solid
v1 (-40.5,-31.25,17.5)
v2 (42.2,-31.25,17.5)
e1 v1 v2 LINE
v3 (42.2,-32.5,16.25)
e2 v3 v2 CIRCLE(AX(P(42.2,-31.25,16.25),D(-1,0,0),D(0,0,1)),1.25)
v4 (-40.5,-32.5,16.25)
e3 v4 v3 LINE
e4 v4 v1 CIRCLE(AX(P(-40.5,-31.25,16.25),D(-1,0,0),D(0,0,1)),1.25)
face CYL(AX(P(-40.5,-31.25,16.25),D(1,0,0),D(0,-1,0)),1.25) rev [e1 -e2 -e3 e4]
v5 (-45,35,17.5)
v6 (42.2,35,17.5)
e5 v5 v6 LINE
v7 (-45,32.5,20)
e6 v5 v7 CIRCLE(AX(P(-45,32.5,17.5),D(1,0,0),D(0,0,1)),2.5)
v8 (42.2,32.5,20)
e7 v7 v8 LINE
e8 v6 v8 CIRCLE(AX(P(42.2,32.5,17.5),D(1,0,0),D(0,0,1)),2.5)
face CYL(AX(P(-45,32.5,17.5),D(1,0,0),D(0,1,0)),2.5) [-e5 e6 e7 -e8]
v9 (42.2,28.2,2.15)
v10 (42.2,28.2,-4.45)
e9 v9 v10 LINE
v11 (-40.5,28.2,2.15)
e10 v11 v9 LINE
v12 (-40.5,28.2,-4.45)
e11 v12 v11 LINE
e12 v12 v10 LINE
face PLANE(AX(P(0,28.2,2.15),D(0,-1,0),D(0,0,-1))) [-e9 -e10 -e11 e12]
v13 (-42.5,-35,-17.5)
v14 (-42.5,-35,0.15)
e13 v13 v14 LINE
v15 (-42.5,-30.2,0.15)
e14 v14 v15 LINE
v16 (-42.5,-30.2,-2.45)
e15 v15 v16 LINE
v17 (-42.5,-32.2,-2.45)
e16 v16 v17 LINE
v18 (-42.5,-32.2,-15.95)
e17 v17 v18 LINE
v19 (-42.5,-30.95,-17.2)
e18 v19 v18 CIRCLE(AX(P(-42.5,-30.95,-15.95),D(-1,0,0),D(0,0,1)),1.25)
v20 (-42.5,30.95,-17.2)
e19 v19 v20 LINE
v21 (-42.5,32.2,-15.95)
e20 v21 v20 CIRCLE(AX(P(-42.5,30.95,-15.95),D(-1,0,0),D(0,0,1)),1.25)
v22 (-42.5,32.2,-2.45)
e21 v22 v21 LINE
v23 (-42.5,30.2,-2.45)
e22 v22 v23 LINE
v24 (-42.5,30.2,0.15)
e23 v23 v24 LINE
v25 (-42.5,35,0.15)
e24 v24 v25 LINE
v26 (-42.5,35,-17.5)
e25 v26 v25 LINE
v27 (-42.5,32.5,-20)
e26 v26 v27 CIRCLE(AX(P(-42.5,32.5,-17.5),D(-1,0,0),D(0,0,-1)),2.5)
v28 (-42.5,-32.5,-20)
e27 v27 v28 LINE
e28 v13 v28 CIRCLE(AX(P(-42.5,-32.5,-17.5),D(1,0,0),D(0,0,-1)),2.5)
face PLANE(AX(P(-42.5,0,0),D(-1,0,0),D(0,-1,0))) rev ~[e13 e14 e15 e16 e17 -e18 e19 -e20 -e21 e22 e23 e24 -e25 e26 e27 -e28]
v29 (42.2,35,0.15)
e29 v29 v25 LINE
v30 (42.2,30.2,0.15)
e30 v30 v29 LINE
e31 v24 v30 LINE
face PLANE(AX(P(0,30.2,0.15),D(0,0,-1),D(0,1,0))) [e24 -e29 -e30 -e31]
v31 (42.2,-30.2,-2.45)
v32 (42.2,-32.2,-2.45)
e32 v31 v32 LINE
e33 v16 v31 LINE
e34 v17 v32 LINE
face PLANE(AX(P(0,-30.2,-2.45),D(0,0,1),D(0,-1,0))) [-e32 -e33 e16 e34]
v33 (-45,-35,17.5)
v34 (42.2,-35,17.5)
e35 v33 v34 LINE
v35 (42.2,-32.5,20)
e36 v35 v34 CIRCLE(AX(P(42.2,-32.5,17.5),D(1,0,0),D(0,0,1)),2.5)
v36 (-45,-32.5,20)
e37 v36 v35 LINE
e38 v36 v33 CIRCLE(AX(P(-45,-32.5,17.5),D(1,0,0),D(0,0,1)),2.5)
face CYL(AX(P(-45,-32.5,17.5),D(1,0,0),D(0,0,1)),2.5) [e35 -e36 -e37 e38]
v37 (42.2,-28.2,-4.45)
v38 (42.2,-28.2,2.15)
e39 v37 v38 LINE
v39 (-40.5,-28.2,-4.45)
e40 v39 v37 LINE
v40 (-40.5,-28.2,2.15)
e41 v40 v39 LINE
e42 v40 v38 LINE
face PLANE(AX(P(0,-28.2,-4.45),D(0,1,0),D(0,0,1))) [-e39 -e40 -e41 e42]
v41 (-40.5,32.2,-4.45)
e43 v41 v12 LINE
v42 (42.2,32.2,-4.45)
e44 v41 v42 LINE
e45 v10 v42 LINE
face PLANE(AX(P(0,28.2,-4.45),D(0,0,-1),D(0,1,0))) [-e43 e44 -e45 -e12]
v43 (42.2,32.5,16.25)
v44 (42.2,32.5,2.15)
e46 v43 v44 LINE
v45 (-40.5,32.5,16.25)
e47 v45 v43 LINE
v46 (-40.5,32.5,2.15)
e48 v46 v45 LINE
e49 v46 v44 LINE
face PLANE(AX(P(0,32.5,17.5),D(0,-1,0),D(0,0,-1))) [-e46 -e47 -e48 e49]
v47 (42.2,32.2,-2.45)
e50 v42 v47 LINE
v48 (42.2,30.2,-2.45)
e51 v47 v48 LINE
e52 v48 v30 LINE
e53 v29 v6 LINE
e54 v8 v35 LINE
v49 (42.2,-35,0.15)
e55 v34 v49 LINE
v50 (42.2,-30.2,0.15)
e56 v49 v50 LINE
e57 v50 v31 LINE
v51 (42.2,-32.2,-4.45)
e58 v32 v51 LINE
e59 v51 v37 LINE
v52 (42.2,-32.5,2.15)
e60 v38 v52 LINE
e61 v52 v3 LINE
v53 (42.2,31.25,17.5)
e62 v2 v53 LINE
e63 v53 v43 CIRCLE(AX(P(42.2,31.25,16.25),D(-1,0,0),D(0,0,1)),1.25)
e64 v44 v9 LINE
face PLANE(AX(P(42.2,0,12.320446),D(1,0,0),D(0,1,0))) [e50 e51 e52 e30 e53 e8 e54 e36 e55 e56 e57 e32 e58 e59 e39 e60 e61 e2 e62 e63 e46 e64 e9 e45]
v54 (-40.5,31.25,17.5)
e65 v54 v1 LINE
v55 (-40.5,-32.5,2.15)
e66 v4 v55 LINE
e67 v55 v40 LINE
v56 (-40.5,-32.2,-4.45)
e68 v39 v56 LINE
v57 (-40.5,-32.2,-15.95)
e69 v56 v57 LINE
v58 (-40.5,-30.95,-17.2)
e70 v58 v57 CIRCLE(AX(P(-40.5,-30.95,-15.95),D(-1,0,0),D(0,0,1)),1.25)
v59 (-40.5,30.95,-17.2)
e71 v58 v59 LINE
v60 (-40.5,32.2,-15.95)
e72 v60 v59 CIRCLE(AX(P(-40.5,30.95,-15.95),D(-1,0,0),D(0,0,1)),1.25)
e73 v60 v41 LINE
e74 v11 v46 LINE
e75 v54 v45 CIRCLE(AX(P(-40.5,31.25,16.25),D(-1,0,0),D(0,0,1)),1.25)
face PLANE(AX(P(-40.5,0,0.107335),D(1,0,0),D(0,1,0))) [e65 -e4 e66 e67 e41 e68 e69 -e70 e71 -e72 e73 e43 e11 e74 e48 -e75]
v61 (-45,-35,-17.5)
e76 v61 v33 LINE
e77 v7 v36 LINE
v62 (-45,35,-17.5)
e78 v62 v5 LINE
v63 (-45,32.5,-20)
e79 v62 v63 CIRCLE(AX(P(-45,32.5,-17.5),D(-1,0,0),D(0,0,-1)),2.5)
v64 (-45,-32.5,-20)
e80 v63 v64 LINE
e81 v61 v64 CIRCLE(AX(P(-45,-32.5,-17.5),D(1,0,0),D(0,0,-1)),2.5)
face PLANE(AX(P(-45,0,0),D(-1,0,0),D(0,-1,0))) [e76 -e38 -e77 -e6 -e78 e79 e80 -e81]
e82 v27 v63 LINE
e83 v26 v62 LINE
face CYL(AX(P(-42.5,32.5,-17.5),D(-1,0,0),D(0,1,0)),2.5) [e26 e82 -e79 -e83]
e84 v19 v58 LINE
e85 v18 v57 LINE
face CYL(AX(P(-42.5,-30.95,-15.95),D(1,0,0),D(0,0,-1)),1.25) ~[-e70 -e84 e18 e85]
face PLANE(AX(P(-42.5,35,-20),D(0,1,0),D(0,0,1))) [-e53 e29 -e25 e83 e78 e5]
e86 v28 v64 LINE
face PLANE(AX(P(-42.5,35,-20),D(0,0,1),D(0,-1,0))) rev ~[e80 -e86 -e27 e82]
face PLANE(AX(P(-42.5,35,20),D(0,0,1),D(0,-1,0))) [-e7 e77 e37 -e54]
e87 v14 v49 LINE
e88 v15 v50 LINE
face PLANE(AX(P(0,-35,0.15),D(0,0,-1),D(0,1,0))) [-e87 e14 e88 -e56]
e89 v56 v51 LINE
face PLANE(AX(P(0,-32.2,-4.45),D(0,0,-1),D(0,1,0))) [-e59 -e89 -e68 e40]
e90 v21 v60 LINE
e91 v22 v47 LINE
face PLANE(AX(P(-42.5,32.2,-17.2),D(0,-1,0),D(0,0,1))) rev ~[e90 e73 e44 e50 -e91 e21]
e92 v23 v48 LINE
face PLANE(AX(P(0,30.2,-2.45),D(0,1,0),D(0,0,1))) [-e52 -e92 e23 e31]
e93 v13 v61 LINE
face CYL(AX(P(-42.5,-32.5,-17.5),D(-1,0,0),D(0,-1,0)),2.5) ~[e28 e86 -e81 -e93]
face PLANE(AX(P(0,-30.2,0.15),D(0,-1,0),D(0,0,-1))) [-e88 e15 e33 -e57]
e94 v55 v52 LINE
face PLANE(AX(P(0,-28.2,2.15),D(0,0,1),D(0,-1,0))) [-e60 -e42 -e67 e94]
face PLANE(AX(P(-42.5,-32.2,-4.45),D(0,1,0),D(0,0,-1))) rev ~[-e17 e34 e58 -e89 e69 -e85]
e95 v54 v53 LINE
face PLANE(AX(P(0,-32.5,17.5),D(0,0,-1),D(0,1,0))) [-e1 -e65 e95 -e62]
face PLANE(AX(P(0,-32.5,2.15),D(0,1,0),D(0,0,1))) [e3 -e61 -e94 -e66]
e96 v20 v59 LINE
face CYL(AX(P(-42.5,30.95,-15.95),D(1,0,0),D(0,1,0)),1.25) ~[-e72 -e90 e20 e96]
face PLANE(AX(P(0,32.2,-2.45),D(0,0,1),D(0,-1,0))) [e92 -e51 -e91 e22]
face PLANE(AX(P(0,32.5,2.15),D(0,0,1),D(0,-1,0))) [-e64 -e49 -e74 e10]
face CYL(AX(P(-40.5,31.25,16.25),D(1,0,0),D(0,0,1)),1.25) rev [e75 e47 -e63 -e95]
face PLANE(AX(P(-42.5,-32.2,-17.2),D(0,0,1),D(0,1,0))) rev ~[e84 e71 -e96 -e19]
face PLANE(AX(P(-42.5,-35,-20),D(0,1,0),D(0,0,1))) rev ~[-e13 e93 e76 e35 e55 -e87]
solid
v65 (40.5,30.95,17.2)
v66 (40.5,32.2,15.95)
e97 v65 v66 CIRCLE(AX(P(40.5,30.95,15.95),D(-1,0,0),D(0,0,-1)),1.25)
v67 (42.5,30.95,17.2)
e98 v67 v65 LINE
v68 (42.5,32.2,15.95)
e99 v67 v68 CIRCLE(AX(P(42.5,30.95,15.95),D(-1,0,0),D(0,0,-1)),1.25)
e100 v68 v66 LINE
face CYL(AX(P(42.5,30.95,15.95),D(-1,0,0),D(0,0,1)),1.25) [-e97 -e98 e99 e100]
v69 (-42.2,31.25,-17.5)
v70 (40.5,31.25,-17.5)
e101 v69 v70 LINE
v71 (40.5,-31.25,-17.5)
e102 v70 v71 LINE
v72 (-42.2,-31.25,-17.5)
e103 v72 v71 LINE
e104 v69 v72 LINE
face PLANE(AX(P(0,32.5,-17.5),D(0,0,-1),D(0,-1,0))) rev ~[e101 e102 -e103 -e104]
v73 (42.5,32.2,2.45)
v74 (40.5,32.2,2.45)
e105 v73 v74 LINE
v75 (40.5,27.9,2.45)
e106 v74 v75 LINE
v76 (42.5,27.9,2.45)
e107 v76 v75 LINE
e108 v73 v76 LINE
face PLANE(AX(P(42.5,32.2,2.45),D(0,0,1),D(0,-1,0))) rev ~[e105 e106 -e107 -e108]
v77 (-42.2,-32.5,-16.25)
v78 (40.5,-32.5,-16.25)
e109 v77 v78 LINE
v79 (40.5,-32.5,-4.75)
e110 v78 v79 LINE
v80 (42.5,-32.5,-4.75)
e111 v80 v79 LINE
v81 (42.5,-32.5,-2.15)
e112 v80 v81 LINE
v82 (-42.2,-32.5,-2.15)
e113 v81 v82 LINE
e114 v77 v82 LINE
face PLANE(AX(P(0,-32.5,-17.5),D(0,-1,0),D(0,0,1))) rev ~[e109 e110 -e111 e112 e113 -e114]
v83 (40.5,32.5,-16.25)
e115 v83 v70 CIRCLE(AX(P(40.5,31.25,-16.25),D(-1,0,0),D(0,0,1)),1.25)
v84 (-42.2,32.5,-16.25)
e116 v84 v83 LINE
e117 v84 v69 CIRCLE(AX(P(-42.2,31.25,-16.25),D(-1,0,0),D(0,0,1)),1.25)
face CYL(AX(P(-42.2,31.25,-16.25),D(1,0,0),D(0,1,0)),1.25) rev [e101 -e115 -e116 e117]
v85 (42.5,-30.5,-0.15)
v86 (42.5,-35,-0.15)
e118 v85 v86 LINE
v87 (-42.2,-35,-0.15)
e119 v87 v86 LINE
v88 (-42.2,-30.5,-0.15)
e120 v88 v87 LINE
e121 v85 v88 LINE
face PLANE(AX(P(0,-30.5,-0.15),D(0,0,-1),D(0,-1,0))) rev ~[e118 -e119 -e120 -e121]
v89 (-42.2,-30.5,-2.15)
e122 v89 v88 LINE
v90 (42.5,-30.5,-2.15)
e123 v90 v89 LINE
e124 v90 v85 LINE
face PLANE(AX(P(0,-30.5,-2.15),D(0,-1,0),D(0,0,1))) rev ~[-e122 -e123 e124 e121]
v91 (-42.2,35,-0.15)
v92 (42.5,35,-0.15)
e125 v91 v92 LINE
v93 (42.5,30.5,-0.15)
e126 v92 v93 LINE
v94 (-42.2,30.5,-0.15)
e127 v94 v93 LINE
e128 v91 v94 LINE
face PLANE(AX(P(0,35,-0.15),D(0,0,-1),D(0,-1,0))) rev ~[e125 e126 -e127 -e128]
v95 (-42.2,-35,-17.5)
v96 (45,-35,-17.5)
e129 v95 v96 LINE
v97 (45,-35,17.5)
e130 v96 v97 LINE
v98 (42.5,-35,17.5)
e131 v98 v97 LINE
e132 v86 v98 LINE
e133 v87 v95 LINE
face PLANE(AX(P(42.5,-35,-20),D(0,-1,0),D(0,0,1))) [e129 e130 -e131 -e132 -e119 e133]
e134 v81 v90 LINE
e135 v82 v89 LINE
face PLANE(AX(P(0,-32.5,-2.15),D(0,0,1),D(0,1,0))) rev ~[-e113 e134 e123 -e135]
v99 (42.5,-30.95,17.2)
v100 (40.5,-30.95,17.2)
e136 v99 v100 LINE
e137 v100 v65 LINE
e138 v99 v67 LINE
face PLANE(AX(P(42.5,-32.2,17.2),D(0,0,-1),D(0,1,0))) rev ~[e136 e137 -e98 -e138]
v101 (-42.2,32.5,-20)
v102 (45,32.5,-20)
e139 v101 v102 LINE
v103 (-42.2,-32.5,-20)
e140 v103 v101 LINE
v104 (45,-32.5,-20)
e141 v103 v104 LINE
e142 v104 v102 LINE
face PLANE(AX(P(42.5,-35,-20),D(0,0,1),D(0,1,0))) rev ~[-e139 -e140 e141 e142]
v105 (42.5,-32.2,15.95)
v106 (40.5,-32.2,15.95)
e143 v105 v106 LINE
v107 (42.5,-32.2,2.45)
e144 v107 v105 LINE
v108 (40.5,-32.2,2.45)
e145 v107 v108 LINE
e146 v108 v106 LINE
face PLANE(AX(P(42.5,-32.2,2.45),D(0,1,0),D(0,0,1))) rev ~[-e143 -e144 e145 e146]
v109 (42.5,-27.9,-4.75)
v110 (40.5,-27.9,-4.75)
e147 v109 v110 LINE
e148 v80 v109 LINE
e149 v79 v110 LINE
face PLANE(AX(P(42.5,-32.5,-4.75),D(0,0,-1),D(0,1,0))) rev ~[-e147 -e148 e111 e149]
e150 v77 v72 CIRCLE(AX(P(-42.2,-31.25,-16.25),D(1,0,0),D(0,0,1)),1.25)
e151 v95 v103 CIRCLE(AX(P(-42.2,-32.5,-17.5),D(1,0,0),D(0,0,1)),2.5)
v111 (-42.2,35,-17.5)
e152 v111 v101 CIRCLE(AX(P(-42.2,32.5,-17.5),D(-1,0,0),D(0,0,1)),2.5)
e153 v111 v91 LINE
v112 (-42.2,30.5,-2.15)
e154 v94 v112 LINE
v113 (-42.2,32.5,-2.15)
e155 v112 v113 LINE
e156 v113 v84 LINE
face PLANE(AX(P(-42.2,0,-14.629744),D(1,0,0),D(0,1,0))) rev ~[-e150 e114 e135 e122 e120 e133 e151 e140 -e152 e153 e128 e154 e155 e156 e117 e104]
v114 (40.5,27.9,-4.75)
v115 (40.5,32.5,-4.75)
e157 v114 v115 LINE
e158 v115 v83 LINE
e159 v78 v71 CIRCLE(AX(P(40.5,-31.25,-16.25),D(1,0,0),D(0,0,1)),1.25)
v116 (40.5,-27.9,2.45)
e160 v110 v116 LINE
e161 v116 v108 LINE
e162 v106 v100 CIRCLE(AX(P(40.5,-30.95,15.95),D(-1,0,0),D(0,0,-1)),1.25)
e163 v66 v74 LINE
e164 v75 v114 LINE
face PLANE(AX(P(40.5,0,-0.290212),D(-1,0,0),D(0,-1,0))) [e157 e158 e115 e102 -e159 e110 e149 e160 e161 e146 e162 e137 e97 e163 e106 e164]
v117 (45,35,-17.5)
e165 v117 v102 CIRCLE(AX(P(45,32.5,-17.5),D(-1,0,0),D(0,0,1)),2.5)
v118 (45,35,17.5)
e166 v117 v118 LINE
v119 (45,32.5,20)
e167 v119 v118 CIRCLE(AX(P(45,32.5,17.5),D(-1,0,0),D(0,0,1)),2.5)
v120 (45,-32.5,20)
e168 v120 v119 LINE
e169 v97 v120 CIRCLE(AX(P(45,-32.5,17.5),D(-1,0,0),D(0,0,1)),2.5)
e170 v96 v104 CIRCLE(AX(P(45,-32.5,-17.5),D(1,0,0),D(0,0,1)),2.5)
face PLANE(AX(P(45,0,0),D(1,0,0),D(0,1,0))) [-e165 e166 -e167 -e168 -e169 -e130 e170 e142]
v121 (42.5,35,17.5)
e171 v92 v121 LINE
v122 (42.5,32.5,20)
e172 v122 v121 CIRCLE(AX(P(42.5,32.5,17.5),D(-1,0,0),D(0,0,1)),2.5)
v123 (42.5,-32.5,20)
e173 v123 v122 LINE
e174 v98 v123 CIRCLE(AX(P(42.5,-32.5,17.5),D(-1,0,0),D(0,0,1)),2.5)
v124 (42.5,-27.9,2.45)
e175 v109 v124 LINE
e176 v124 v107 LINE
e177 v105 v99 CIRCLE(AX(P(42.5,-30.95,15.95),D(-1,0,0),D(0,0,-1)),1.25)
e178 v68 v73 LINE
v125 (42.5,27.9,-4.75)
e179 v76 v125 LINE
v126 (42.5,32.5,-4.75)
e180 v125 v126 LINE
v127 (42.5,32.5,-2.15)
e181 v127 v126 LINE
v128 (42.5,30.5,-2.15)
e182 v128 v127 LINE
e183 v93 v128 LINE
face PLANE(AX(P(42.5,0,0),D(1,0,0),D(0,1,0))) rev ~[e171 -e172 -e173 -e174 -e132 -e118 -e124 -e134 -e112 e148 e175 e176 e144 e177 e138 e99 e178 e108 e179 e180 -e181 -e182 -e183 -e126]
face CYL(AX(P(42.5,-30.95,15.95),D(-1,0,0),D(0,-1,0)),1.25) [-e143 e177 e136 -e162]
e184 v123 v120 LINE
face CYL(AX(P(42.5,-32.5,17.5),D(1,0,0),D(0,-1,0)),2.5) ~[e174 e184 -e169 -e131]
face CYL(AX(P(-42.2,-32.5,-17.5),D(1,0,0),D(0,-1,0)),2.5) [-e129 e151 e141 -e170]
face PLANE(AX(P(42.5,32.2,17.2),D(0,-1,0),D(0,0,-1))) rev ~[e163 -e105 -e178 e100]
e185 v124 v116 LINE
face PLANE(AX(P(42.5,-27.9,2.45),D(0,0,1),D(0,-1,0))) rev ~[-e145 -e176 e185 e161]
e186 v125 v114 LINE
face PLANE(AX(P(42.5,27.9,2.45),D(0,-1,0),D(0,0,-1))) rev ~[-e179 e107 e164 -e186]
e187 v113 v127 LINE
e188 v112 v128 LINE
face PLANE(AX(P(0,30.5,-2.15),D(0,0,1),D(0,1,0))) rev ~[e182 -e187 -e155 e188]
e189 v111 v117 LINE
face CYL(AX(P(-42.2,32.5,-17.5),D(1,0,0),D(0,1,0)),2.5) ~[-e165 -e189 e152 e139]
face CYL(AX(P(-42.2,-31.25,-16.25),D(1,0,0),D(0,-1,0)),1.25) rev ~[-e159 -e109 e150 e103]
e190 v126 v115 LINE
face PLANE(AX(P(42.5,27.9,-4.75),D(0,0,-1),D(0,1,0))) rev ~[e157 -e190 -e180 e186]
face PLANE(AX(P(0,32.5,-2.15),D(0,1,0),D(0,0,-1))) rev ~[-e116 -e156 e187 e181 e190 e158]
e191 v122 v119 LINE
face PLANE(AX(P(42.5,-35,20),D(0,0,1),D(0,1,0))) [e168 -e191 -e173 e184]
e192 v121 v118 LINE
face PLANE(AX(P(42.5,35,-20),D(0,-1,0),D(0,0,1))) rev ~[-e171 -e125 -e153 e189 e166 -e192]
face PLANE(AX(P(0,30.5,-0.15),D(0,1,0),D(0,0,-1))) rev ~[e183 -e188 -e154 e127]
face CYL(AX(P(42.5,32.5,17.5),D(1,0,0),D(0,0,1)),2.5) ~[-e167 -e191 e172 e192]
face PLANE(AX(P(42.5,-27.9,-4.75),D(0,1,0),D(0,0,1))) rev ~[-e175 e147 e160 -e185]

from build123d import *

# Parameters (mm, degrees)
F5_DEPTH      = 42.2
F5_DEPTH_BACK = 42.5
F6_DEPTH      = 42.2
F6_DEPTH_BACK = 42.5
F7_W          = 70
F7_H          = 40
F8_DEPTH      = 2.5
F9_W          = 70
F9_H          = 40
F10_DEPTH     = 2.5
F12_DEPTH     = 2
F14_DEPTH     = 2
F15_R         = 2.5
F15_2_R       = 2.5
F16_R         = 1.25
F16_2_R       = 1.25


with BuildPart() as f5:
    # F4 (on face) → F5 (new body, two sides)
    with BuildSketch(Plane.YZ) as f5_sk:
        Polygon((-35, 20), (-35, 0.15), (-30.2, 0.15), (-30.2, -2.45), (-32.2, -2.45), (-32.2, -4.45), (-28.2, -4.45), (-28.2, 2.15), (-32.5, 2.15), (-32.5, 17.5), (32.5, 17.5), (32.5, 2.15), (28.2, 2.15), (28.2, -4.45), (32.2, -4.45), (32.2, -2.45), (30.2, -2.45), (30.2, 0.15), (35, 0.15), (35, 20), align=None)
    extrude(amount=F5_DEPTH)
    extrude(f5_sk.sketch, amount=-F5_DEPTH_BACK)

    # F7 (on face) → F8 (join, through all)
    with BuildSketch(Plane(origin=(-42.5, 0, 0), x_dir=(0, -1, 0), z_dir=(-1, 0, 0))):
        Rectangle(F7_W, F7_H)
    extrude(amount=F8_DEPTH)

    # F11 (on face) → F12 (join)
    with BuildSketch(Plane.YZ.offset(-42.5)):
        Polygon((-28.2, -4.45), (-32.2, -4.45), (-32.2, -17.2), (32.2, -17.2), (32.2, -4.45), (28.2, -4.45), (28.2, 2.15), (32.5, 2.15), (32.5, 17.5), (-32.5, 17.5), (-32.5, 2.15), (-28.2, 2.15), align=None)
    extrude(amount=F12_DEPTH)

    # F15
    f15_edges = [f5.edges().sort_by_distance(p)[0] for p in [
        (-1.4, -35, 20),
        (-1.4, 35, 20),
        (-43.75, -35, -20),
        (-43.75, 35, -20),
    ]]
    fillet(f15_edges, radius=F15_R)

    # F16
    f16_edges = [f5.edges().sort_by_distance(p)[0] for p in [
        (-41.5, -32.2, -17.2),
        (-41.5, 32.2, -17.2),
        (0.85, -32.5, 17.5),
        (0.85, 32.5, 17.5),
    ]]
    fillet(f16_edges, radius=F16_R)


with BuildPart() as f6:
    # F4 (on face) → F6 (new body, two sides)
    with BuildSketch(Plane.YZ) as f6_sk:
        Polygon((-30.5, -0.15), (-35, -0.15), (-35, -20), (35, -20), (35, -0.15), (30.5, -0.15), (30.5, -2.15), (32.5, -2.15), (32.5, -17.5), (-32.5, -17.5), (-32.5, -2.15), (-30.5, -2.15), align=None)
    extrude(amount=-F6_DEPTH)
    extrude(f6_sk.sketch, amount=F6_DEPTH_BACK)

    # F9 (on face) → F10 (join, through all)
    with BuildSketch(Plane.YZ.offset(42.5)):
        Rectangle(F9_W, F9_H)
    extrude(amount=F10_DEPTH)

    # F13 (on face) → F14 (join)
    with BuildSketch(Plane(origin=(42.5, 0, 0), x_dir=(0, -1, 0), z_dir=(-1, 0, 0))):
        Polygon((32.2, 17.2), (-32.2, 17.2), (-32.2, 2.45), (-27.9, 2.45), (-27.9, -4.75), (-32.5, -4.75), (-32.5, -17.5), (32.5, -17.5), (32.5, -4.75), (27.9, -4.75), (27.9, 2.45), (32.2, 2.45), align=None)
    extrude(amount=F14_DEPTH)

    # F15#2
    f15_2_edges = [f6.edges().sort_by_distance(p)[0] for p in [
        (1.4, -35, -20),
        (43.75, -35, 20),
        (43.75, 35, 20),
        (1.4, 35, -20),
    ]]
    fillet(f15_2_edges, radius=F15_2_R)

    # F16#2
    f16_2_edges = [f6.edges().sort_by_distance(p)[0] for p in [
        (-0.85, -32.5, -17.5),
        (-0.85, 32.5, -17.5),
        (41.5, 32.2, 17.2),
        (41.5, -32.2, 17.2),
    ]]
    fillet(f16_2_edges, radius=F16_2_R)


solid = Compound([f5.part, f6.part])
